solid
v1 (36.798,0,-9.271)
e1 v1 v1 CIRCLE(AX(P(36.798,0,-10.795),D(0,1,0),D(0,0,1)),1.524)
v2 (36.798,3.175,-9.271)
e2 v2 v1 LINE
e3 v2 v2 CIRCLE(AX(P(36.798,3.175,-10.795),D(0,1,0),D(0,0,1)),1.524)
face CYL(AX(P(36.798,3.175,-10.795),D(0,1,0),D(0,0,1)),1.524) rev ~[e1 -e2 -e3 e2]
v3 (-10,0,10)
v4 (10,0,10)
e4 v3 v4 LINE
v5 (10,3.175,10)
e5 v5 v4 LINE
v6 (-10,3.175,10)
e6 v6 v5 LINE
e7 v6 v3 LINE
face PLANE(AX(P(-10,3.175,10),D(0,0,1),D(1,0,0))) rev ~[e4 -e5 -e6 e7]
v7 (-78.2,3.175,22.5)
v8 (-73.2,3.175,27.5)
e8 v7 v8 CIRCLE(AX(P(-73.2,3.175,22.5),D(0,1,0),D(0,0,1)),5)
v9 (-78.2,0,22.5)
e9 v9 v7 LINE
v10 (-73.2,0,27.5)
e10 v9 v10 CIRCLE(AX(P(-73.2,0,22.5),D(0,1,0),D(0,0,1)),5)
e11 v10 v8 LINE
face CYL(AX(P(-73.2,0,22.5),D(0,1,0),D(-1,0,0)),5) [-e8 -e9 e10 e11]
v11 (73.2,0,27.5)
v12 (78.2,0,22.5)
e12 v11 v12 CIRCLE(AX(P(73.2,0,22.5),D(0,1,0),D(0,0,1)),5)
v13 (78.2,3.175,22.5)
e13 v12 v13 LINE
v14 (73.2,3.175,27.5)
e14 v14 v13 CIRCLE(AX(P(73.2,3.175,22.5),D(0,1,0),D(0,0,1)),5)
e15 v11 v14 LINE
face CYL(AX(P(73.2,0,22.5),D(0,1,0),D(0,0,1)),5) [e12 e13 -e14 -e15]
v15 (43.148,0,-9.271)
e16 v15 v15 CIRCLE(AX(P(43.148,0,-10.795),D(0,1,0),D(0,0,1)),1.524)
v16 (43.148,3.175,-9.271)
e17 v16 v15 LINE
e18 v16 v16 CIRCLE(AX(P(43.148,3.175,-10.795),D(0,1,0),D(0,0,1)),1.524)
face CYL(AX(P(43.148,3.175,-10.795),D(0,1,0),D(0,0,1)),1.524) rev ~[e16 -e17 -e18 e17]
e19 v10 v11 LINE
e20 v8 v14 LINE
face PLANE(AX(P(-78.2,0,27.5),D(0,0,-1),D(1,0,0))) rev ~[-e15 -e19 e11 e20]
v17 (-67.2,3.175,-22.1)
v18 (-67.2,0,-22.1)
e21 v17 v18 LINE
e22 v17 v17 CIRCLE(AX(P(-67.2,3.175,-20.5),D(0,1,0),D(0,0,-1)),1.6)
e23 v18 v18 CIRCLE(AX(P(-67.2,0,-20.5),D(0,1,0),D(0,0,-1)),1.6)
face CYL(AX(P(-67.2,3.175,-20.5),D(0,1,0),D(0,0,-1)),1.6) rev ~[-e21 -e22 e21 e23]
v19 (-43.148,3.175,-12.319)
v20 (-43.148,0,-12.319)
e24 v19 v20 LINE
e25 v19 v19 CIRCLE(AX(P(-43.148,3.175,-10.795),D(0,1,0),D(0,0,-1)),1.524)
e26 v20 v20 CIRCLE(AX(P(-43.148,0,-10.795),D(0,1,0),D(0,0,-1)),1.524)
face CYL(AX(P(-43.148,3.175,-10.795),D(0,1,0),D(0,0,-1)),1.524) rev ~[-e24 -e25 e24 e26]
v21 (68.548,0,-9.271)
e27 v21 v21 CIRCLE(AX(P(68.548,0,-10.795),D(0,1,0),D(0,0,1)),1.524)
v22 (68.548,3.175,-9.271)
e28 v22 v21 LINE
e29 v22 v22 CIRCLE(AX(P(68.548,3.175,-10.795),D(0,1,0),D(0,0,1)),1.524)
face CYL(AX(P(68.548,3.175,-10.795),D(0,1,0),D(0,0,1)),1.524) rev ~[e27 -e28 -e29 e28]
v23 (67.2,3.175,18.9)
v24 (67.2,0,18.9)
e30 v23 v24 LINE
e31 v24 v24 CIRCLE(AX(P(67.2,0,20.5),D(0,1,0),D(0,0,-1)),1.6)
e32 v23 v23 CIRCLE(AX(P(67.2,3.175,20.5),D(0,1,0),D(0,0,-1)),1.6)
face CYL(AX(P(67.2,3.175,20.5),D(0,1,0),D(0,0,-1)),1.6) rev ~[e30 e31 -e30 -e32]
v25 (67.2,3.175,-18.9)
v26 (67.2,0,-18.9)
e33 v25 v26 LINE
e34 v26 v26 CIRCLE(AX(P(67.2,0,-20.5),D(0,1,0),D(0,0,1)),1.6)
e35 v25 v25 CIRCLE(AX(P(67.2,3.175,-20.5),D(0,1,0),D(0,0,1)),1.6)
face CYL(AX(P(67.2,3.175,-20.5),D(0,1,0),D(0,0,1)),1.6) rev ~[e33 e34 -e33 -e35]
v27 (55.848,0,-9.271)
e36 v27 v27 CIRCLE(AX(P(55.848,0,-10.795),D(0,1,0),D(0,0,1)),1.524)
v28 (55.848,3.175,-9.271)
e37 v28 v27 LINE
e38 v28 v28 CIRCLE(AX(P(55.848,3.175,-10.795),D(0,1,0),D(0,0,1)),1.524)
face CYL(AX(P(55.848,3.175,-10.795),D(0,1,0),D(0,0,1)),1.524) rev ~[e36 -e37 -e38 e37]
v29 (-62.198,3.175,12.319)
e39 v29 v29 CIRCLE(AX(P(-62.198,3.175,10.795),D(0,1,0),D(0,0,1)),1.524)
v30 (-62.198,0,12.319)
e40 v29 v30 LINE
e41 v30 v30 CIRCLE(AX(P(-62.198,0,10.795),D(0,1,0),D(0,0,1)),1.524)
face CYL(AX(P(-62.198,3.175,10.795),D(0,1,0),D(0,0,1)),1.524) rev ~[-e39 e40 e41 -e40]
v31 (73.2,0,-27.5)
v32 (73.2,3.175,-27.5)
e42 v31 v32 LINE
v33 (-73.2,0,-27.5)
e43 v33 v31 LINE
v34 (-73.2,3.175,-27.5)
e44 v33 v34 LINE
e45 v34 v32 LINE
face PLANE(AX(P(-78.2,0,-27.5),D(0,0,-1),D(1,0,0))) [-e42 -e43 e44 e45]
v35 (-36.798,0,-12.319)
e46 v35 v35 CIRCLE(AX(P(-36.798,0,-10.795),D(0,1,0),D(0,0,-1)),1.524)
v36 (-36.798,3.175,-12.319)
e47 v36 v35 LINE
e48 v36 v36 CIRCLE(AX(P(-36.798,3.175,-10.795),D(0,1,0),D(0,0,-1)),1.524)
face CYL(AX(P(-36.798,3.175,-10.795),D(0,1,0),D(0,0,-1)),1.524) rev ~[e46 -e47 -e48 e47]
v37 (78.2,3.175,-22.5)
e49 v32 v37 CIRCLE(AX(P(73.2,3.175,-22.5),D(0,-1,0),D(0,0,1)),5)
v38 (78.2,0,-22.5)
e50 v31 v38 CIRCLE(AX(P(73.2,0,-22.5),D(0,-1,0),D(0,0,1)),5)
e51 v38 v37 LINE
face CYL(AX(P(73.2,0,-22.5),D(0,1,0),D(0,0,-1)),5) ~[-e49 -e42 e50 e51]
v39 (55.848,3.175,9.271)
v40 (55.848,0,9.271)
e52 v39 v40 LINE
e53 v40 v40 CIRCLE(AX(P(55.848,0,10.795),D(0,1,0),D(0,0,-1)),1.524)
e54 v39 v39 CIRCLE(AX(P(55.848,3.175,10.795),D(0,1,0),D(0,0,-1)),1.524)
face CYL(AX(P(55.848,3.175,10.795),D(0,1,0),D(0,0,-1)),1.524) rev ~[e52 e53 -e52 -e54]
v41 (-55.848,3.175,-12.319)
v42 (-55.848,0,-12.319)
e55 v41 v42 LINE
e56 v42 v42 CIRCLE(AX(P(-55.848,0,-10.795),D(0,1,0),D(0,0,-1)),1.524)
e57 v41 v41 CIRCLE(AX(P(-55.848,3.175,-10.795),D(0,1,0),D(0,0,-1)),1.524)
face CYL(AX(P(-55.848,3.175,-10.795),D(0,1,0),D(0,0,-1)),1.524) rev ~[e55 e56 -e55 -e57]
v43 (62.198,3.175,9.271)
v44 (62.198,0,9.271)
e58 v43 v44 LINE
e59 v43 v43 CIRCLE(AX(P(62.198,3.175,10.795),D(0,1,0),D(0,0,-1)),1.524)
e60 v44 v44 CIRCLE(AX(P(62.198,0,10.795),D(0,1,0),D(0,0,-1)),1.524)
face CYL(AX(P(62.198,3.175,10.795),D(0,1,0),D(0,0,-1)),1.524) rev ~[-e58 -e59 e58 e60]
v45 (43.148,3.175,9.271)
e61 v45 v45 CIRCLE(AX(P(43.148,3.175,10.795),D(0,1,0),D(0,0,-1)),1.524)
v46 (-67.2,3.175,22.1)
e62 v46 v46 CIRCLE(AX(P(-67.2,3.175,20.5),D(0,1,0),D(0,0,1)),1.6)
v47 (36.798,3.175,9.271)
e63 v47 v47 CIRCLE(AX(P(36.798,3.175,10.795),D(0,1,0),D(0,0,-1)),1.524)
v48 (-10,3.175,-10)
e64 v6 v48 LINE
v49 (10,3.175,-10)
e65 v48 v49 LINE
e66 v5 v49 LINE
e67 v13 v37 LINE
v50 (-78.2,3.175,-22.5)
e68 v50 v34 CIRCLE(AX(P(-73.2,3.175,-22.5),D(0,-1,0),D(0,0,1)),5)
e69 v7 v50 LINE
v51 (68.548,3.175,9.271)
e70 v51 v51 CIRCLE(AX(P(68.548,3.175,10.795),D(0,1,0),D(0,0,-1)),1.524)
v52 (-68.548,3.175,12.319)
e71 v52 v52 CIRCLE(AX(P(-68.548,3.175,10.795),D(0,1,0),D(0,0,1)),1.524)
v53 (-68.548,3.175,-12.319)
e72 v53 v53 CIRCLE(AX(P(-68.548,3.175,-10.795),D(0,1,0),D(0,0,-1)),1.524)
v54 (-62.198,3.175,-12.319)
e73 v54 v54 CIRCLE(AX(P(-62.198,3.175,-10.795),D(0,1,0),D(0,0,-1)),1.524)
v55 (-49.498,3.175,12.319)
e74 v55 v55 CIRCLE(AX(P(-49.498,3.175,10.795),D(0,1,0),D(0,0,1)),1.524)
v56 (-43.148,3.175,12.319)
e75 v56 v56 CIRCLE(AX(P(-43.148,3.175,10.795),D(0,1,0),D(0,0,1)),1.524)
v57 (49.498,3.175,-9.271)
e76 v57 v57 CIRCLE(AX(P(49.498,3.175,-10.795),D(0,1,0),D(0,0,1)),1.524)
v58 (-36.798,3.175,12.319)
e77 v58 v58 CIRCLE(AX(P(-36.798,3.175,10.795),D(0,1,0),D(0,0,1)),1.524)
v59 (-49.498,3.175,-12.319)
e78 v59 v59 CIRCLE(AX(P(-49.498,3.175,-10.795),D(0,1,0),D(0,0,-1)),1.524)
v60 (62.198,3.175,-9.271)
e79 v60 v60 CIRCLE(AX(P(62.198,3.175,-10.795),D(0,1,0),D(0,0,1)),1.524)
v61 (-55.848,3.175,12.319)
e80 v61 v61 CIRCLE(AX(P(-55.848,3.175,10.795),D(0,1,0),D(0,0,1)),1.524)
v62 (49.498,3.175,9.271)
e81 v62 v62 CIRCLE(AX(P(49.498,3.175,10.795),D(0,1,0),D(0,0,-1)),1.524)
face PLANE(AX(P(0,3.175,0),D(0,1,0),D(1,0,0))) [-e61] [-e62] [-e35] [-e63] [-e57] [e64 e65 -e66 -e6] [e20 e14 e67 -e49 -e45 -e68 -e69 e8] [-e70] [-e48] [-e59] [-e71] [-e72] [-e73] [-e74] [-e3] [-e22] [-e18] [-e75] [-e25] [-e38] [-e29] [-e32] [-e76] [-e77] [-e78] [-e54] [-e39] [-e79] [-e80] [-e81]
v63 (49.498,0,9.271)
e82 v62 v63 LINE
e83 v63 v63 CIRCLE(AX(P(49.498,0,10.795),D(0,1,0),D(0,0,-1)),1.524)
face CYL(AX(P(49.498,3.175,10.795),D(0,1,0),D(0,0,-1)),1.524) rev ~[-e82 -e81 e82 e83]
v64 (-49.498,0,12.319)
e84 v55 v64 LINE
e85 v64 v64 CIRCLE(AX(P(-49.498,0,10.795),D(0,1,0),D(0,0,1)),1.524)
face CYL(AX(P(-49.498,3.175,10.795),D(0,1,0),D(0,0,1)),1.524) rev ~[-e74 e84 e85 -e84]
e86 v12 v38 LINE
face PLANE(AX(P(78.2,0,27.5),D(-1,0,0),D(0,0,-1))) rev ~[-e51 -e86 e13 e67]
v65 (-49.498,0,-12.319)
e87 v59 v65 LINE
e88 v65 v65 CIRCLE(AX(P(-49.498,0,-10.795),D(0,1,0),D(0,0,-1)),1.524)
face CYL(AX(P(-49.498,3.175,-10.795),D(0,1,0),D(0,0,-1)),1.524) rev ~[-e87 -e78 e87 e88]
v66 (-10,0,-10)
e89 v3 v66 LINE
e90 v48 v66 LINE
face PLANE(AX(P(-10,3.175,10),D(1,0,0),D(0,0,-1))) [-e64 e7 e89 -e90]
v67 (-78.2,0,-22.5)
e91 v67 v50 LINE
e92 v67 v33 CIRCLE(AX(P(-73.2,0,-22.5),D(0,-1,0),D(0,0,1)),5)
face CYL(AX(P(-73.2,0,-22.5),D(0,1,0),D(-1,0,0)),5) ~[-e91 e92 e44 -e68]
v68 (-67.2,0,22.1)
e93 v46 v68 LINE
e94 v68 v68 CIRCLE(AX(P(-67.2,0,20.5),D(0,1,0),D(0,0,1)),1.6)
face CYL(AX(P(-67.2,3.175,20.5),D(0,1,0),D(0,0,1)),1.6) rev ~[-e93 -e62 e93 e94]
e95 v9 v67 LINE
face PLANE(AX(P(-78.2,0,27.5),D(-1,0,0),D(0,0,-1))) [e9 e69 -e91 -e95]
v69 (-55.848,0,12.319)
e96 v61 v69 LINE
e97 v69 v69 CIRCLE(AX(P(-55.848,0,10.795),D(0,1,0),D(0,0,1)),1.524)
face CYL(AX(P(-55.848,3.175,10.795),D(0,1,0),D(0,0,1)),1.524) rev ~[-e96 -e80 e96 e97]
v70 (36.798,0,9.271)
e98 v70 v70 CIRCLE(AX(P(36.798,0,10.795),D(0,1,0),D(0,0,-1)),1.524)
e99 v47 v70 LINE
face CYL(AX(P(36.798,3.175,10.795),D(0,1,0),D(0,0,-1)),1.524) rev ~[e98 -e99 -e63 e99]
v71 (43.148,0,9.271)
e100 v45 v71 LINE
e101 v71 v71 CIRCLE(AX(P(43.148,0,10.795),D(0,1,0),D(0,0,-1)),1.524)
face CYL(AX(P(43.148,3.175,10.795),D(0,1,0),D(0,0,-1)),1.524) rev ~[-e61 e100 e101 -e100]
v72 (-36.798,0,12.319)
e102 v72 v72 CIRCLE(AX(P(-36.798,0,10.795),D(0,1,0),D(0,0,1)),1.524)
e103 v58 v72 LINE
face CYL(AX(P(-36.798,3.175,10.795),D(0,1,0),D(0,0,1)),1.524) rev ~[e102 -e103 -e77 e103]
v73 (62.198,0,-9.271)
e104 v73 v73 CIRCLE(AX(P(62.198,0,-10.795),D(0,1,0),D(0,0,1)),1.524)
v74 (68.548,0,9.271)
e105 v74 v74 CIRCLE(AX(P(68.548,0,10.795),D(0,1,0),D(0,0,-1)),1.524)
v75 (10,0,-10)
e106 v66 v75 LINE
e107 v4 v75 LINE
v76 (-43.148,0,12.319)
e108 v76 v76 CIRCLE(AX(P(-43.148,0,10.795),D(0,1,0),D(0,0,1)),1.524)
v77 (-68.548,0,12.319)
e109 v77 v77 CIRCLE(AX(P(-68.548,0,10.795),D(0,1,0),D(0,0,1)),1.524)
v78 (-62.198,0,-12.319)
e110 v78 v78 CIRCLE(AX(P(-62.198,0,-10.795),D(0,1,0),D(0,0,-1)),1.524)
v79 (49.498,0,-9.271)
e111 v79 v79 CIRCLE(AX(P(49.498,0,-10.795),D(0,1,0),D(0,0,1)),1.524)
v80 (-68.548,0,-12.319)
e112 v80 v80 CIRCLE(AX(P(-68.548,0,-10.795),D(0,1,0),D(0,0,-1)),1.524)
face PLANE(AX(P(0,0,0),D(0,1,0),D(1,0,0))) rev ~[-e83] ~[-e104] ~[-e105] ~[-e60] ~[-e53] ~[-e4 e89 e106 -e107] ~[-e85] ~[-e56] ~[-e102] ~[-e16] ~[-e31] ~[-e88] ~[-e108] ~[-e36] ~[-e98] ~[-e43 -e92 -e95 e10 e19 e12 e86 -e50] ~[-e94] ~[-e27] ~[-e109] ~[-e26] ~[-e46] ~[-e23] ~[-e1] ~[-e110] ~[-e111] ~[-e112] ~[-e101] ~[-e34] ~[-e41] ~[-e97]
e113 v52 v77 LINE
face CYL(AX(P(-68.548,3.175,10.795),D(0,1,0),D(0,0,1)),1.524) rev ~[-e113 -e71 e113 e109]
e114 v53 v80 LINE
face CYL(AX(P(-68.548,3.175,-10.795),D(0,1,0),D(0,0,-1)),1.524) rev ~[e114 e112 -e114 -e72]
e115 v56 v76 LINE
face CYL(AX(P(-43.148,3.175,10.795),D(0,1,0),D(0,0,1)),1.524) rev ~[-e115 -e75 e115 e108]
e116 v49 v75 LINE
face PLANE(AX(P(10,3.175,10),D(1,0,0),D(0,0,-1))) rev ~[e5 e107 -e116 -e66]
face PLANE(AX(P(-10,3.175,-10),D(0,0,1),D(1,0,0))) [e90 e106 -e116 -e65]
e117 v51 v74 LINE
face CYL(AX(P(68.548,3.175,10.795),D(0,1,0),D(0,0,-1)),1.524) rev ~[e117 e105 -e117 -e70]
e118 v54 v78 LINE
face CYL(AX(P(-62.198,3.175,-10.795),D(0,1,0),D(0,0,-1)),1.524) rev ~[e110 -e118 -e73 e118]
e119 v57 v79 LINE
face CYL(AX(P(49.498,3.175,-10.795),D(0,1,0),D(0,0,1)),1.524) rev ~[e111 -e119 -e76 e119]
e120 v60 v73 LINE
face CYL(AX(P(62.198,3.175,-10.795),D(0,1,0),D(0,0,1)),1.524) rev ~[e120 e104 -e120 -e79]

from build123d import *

# Parameters (mm, degrees)
SKETCH1_W           = 156.4
SKETCH1_H           = 55
BOSS_EXTRUDE1_DEPTH = 3.175
SKETCH2_R           = 1.524
CUT_EXTRUDE1_DEPTH  = 83.955232656
SKETCH4_R           = 1.6
CUT_EXTRUDE2_DEPTH  = 83.955232656
SKETCH5_W           = 20
SKETCH5_H           = 20
CUT_EXTRUDE3_DEPTH  = 83.955232656
FILLET1_R           = 5


with BuildPart() as part:
    # Sketch1 → Boss-Extrude1 (new body)
    with BuildSketch(Plane(origin=(0, 0, 0), x_dir=(1, 0, 0), z_dir=(0, 1, 0))):
        Rectangle(SKETCH1_W, SKETCH1_H)
    extrude(amount=BOSS_EXTRUDE1_DEPTH)

    # Sketch2 → Cut-Extrude1 (cut, through all)
    with BuildSketch(Plane(origin=(0, 3.175, 0), x_dir=(1, 0, 0), z_dir=(0, 1, 0))):
        with Locations(Location((-68.547999997, -10.795000003, 0), (0, 0, 270))):
            Circle(SKETCH2_R)
        with Locations(Location((-62.197999997, -10.795000003, 0), (0, 0, 270))):
            Circle(SKETCH2_R)
        with Locations(Location((-55.847999997, -10.795000003, 0), (0, 0, 270))):
            Circle(SKETCH2_R)
        with Locations(Location((-49.497999997, -10.795000003, 0), (0, 0, 270))):
            Circle(SKETCH2_R)
        with Locations(Location((-43.147999997, -10.795000003, 0), (0, 0, 270))):
            Circle(SKETCH2_R)
        with Locations(Location((-36.797999997, -10.795000003, 0), (0, 0, 270))):
            Circle(SKETCH2_R)
        with Locations(Location((-68.547999997, 10.795000003, 0), (0, 0, 90))):
            Circle(SKETCH2_R)
        with Locations(Location((-62.197999997, 10.795000003, 0), (0, 0, 90))):
            Circle(SKETCH2_R)
        with Locations(Location((-55.847999997, 10.795000003, 0), (0, 0, 90))):
            Circle(SKETCH2_R)
        with Locations(Location((-49.497999997, 10.795000003, 0), (0, 0, 90))):
            Circle(SKETCH2_R)
        with Locations(Location((-43.147999997, 10.795000003, 0), (0, 0, 90))):
            Circle(SKETCH2_R)
        with Locations(Location((-36.797999997, 10.795000003, 0), (0, 0, 90))):
            Circle(SKETCH2_R)
        with Locations(Location((36.797999997, 10.795000003, 0), (0, 0, 270))):
            Circle(SKETCH2_R)
        with Locations(Location((43.147999997, 10.795000003, 0), (0, 0, 270))):
            Circle(SKETCH2_R)
        with Locations(Location((49.497999997, 10.795000003, 0), (0, 0, 270))):
            Circle(SKETCH2_R)
        with Locations(Location((55.847999997, 10.795000003, 0), (0, 0, 270))):
            Circle(SKETCH2_R)
        with Locations(Location((62.197999997, 10.795000003, 0), (0, 0, 270))):
            Circle(SKETCH2_R)
        with Locations(Location((68.547999997, 10.795000003, 0), (0, 0, 270))):
            Circle(SKETCH2_R)
        with Locations(Location((68.547999997, -10.795000003, 0), (0, 0, 90))):
            Circle(SKETCH2_R)
        with Locations(Location((62.197999997, -10.795000003, 0), (0, 0, 90))):
            Circle(SKETCH2_R)
        with Locations(Location((55.847999997, -10.795000003, 0), (0, 0, 90))):
            Circle(SKETCH2_R)
        with Locations(Location((49.497999997, -10.795000003, 0), (0, 0, 90))):
            Circle(SKETCH2_R)
        with Locations(Location((43.147999997, -10.795000003, 0), (0, 0, 90))):
            Circle(SKETCH2_R)
        with Locations(Location((36.797999997, -10.795000003, 0), (0, 0, 90))):
            Circle(SKETCH2_R)
    extrude(amount=-CUT_EXTRUDE1_DEPTH, mode=Mode.SUBTRACT)

    # Sketch4 → Cut-Extrude2 (cut, through all)
    with BuildSketch(Plane(origin=(0, 3.175, 0), x_dir=(1, 0, 0), z_dir=(0, 1, 0))):
        with Locations(Location((-67.2, -20.5, 0), (0, 0, 270))):
            Circle(SKETCH4_R)
        with Locations(Location((-67.2, 20.5, 0), (0, 0, 90))):
            Circle(SKETCH4_R)
        with Locations(Location((67.2, 20.5, 0), (0, 0, 270))):
            Circle(SKETCH4_R)
        with Locations(Location((67.2, -20.5, 0), (0, 0, 90))):
            Circle(SKETCH4_R)
    extrude(amount=-CUT_EXTRUDE2_DEPTH, mode=Mode.SUBTRACT)

    # Sketch5 → Cut-Extrude3 (cut, through all)
    with BuildSketch(Plane(origin=(0, 3.175, 0), x_dir=(1, 0, 0), z_dir=(0, 1, 0))):
        Rectangle(SKETCH5_W, SKETCH5_H)
    extrude(amount=-CUT_EXTRUDE3_DEPTH, mode=Mode.SUBTRACT)

    # Fillet1
    fillet1_edges = [part.edges().sort_by_distance(p)[0] for p in [
        (78.2, 1.5875, 27.5),
        (-78.2, 1.5875, 27.5),
        (-78.2, 1.5875, -27.5),
        (78.2, 1.5875, -27.5),
    ]]
    fillet(fillet1_edges, radius=FILLET1_R)


solid = part.part
